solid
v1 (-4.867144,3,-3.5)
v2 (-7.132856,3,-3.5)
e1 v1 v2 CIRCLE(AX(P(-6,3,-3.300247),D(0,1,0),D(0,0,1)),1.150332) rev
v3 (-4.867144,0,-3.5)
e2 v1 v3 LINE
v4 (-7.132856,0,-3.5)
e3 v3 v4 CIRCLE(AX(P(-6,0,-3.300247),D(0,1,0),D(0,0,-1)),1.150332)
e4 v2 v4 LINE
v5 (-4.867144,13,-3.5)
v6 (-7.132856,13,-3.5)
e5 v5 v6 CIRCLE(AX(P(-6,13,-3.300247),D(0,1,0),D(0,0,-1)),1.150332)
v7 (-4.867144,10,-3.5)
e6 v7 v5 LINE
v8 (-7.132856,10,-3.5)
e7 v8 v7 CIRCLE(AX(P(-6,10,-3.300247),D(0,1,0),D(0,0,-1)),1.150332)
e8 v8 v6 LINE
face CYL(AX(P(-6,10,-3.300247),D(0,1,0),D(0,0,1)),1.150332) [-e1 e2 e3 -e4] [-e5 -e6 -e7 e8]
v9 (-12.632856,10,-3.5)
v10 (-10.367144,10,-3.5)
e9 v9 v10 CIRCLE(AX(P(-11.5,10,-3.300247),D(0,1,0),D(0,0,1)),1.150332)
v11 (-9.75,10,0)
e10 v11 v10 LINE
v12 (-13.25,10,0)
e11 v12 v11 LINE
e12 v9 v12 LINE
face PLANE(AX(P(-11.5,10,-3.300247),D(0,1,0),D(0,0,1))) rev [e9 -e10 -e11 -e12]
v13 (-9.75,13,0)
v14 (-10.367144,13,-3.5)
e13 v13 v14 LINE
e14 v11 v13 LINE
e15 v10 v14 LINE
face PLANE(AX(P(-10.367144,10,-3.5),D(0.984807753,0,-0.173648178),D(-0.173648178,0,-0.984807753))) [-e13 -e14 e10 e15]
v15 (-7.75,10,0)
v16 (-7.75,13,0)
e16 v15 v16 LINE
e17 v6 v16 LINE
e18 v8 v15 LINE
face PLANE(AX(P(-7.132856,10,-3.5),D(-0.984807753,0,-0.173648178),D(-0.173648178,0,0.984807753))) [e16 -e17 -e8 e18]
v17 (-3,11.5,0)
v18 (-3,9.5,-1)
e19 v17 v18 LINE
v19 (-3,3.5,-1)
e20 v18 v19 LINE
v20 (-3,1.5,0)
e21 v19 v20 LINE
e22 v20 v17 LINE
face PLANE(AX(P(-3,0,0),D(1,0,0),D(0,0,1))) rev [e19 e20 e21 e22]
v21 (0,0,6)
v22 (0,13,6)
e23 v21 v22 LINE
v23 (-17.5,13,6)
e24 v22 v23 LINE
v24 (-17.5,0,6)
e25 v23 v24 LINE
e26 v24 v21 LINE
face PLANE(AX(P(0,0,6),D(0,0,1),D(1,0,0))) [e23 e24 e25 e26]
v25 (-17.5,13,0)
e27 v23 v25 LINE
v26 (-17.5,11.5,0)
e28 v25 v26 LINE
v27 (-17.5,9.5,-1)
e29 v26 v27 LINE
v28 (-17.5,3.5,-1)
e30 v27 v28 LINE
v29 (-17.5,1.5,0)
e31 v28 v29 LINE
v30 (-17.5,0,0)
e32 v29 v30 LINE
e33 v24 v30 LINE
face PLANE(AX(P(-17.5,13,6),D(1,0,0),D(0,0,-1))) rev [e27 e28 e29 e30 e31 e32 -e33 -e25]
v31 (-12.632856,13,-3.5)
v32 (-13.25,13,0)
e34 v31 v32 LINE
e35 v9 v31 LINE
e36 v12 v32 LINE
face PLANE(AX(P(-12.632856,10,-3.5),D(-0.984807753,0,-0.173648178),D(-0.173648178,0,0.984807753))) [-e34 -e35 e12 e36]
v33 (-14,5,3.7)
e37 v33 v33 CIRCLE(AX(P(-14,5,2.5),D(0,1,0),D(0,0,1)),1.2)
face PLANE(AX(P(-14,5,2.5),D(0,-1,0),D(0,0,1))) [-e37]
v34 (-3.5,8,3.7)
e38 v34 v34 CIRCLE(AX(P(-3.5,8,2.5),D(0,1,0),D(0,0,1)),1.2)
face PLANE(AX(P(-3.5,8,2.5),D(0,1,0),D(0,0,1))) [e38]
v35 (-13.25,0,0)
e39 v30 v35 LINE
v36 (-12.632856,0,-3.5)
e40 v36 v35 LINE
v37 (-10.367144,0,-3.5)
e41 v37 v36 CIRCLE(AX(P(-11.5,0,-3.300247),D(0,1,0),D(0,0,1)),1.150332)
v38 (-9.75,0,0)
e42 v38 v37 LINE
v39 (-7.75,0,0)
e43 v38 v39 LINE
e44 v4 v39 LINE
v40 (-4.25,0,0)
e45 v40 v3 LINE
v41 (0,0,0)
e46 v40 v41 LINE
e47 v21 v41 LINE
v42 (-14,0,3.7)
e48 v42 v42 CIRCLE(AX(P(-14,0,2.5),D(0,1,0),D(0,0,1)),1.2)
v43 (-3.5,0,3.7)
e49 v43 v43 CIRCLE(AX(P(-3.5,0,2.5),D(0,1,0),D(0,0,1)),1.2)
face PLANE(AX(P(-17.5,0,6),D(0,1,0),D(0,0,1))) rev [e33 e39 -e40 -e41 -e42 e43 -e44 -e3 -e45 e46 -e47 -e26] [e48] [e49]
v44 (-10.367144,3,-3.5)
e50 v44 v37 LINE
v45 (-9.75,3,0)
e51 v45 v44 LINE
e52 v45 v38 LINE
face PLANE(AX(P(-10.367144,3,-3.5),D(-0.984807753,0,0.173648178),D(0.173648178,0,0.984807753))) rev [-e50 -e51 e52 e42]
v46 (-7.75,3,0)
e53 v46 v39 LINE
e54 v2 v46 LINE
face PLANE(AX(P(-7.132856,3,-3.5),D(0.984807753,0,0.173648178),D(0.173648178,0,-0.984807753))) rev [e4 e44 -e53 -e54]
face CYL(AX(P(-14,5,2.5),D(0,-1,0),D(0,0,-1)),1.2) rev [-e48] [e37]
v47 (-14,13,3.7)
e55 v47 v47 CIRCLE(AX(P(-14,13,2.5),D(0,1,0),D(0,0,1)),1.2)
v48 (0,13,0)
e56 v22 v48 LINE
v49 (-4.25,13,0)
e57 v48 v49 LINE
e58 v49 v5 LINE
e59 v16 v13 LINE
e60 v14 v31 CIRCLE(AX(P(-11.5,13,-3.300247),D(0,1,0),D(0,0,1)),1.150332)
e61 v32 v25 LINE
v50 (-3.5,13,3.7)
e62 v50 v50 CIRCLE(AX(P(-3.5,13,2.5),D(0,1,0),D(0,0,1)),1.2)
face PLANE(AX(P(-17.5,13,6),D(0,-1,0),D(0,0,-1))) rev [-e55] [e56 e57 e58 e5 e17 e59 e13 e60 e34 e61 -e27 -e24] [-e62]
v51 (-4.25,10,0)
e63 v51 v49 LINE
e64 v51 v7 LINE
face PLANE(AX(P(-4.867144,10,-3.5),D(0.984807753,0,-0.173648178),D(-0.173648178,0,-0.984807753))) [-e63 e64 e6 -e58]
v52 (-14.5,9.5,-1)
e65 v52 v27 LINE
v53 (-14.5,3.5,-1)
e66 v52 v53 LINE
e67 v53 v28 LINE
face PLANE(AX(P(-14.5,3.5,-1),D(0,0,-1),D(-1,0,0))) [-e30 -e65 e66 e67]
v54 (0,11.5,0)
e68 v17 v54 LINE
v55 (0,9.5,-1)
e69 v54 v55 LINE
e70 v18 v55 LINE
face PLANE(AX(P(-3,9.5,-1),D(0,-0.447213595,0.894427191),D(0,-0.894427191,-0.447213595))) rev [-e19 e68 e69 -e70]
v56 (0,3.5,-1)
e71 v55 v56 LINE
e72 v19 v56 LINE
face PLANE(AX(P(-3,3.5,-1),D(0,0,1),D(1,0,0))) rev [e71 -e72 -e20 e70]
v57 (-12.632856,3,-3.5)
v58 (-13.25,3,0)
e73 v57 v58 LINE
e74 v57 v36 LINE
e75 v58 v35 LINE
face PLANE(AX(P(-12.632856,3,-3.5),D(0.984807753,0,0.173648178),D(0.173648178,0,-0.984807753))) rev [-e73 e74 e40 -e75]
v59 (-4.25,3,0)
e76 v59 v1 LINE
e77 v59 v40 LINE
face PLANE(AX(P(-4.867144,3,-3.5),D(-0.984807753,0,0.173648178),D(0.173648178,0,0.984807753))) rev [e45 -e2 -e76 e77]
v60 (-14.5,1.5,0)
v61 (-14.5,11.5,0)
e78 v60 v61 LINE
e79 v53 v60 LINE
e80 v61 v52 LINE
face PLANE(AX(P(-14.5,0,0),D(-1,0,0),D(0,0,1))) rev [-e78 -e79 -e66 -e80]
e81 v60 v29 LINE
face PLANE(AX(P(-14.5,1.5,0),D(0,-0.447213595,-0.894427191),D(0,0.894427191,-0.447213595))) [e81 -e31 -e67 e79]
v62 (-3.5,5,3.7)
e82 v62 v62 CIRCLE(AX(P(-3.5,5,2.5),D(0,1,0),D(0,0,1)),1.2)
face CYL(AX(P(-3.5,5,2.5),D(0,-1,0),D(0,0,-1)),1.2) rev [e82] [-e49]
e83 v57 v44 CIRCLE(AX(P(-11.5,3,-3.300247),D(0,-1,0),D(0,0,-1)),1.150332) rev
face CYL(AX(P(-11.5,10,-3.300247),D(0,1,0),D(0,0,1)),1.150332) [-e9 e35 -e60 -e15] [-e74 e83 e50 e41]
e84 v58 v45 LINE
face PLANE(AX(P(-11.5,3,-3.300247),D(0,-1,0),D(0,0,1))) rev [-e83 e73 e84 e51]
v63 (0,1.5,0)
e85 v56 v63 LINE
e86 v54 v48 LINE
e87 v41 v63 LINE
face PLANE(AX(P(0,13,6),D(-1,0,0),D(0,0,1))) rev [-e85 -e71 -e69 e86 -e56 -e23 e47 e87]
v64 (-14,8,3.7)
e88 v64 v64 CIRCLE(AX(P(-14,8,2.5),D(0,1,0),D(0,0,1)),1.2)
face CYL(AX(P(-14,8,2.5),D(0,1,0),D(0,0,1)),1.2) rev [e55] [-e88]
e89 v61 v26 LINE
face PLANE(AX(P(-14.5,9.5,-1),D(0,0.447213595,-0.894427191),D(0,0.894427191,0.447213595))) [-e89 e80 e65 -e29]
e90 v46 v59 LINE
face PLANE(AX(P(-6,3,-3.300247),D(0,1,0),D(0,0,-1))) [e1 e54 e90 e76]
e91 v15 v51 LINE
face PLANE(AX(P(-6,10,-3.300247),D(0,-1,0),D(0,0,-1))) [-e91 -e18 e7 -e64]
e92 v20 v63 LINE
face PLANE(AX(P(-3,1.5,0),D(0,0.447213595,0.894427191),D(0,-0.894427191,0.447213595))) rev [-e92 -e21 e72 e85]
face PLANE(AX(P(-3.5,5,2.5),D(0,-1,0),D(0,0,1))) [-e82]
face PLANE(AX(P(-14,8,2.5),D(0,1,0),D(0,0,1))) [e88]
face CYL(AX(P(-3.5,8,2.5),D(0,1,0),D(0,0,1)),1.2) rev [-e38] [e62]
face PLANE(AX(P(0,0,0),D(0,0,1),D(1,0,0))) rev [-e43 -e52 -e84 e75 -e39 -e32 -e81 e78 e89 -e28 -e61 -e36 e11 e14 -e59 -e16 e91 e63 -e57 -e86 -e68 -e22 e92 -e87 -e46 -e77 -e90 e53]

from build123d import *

# Parameters (mm, degrees)
SKETCH_1_W          = 17.5
SKETCH_1_H          = 13
EXTRUDE_1_DEPTH     = 6
EXTRUDE_2_DEPTH     = 3
EXTRUDE_3_REACH     = 23.03
SKETCH_3_R          = 1.150331691
EXTRUDE_4_DEPTH     = 3
SKETCH_6_R          = 1.2
CUT_EXTRUDE_1_DEPTH = 5


with BuildPart() as part:
    # 草圖1 → 填料-伸長1 (new body)
    with BuildSketch(Plane.XY):
        with Locations((-8.75, 6.5)):
            Rectangle(SKETCH_1_W, SKETCH_1_H)
    extrude(amount=EXTRUDE_1_DEPTH)

    # 草圖2 → 填料-伸長2 (add)
    with BuildSketch(Plane(origin=(0, 13, 0), x_dir=(1, 0, 0), z_dir=(0, 1, 0))):
        with BuildLine():
            Line((-12.632855568, 3.5), (-13.25, 0))
            Line((-13.25, 0), (-9.75, 0))
            Line((-9.75, 0), (-10.367144432, 3.5))
            ThreePointArc((-10.367144432, 3.5), (-11.5, 4.450578689), (-12.632855568, 3.5))
        make_face()
        with BuildLine():
            Line((-4.867144432, 3.5), (-4.25, 0))
            Line((-4.25, 0), (-7.75, 0))
            Line((-7.75, 0), (-7.132855568, 3.5))
            ThreePointArc((-7.132855568, 3.5), (-6, 4.450578689), (-4.867144432, 3.5))
        make_face()
    extrude_2 = extrude(amount=-EXTRUDE_2_DEPTH)

    # 鏡射1: 填料-伸長2 across plane
    add(extrude_2.mirror(Plane.ZX.offset(6.5)))

    # 草圖3 → 填料-伸長3 (add, up to next)
    with BuildSketch(Plane(origin=(0, 3, 0), x_dir=(1, 0, 0), z_dir=(0, 1, 0)), mode=Mode.PRIVATE) as extrude_3_sk1:
        with Locations((-11.5, 3.300246998)):
            Circle(SKETCH_3_R)
    extrude_3_tool1 = extrude(extrude_3_sk1.sketch, amount=EXTRUDE_3_REACH, mode=Mode.PRIVATE) - part.part
    # 草圖3 → 填料-伸長3 (add, up to next)
    with BuildSketch(Plane(origin=(0, 3, 0), x_dir=(1, 0, 0), z_dir=(0, 1, 0)), mode=Mode.PRIVATE) as extrude_3_sk2:
        with Locations((-6, 3.300246998)):
            Circle(SKETCH_3_R)
    extrude_3_tool2 = extrude(extrude_3_sk2.sketch, amount=EXTRUDE_3_REACH, mode=Mode.PRIVATE) - part.part
    add(extrude_3_tool1.solids().sort_by_distance((-11.5, 3, -3.300247))[0])
    add(extrude_3_tool2.solids().sort_by_distance((-6, 3, -3.300247))[0])

    # 草圖4 → 填料-伸長4 (add)
    with BuildSketch(Plane.ZY.offset(17.5)):
        Polygon((0, 11.5), (0, 1.5), (-1, 3.5), (-1, 9.5), align=None)
    extrude_4 = extrude(amount=-EXTRUDE_4_DEPTH)

    # 鏡射2: 填料-伸長4 across plane
    add(extrude_4.mirror(Plane(origin=(-8.75, 0, 0), x_dir=(0, 0, 1), z_dir=(1, 0, 0))))

    # 草圖6 → 除料-伸長1 (cut)
    with BuildSketch(Plane(origin=(0, 13, 0), x_dir=(1, 0, 0), z_dir=(0, 1, 0))):
        with Locations((-14, -2.5)):
            Circle(SKETCH_6_R)
        with Locations((-3.5, -2.5)):
            Circle(SKETCH_6_R)
    cut_extrude_1 = extrude(amount=-CUT_EXTRUDE_1_DEPTH, mode=Mode.SUBTRACT)

    # 鏡射3: 除料-伸長1 across plane
    add(cut_extrude_1.mirror(Plane.ZX.offset(6.5)), mode=Mode.SUBTRACT)


solid = part.part
